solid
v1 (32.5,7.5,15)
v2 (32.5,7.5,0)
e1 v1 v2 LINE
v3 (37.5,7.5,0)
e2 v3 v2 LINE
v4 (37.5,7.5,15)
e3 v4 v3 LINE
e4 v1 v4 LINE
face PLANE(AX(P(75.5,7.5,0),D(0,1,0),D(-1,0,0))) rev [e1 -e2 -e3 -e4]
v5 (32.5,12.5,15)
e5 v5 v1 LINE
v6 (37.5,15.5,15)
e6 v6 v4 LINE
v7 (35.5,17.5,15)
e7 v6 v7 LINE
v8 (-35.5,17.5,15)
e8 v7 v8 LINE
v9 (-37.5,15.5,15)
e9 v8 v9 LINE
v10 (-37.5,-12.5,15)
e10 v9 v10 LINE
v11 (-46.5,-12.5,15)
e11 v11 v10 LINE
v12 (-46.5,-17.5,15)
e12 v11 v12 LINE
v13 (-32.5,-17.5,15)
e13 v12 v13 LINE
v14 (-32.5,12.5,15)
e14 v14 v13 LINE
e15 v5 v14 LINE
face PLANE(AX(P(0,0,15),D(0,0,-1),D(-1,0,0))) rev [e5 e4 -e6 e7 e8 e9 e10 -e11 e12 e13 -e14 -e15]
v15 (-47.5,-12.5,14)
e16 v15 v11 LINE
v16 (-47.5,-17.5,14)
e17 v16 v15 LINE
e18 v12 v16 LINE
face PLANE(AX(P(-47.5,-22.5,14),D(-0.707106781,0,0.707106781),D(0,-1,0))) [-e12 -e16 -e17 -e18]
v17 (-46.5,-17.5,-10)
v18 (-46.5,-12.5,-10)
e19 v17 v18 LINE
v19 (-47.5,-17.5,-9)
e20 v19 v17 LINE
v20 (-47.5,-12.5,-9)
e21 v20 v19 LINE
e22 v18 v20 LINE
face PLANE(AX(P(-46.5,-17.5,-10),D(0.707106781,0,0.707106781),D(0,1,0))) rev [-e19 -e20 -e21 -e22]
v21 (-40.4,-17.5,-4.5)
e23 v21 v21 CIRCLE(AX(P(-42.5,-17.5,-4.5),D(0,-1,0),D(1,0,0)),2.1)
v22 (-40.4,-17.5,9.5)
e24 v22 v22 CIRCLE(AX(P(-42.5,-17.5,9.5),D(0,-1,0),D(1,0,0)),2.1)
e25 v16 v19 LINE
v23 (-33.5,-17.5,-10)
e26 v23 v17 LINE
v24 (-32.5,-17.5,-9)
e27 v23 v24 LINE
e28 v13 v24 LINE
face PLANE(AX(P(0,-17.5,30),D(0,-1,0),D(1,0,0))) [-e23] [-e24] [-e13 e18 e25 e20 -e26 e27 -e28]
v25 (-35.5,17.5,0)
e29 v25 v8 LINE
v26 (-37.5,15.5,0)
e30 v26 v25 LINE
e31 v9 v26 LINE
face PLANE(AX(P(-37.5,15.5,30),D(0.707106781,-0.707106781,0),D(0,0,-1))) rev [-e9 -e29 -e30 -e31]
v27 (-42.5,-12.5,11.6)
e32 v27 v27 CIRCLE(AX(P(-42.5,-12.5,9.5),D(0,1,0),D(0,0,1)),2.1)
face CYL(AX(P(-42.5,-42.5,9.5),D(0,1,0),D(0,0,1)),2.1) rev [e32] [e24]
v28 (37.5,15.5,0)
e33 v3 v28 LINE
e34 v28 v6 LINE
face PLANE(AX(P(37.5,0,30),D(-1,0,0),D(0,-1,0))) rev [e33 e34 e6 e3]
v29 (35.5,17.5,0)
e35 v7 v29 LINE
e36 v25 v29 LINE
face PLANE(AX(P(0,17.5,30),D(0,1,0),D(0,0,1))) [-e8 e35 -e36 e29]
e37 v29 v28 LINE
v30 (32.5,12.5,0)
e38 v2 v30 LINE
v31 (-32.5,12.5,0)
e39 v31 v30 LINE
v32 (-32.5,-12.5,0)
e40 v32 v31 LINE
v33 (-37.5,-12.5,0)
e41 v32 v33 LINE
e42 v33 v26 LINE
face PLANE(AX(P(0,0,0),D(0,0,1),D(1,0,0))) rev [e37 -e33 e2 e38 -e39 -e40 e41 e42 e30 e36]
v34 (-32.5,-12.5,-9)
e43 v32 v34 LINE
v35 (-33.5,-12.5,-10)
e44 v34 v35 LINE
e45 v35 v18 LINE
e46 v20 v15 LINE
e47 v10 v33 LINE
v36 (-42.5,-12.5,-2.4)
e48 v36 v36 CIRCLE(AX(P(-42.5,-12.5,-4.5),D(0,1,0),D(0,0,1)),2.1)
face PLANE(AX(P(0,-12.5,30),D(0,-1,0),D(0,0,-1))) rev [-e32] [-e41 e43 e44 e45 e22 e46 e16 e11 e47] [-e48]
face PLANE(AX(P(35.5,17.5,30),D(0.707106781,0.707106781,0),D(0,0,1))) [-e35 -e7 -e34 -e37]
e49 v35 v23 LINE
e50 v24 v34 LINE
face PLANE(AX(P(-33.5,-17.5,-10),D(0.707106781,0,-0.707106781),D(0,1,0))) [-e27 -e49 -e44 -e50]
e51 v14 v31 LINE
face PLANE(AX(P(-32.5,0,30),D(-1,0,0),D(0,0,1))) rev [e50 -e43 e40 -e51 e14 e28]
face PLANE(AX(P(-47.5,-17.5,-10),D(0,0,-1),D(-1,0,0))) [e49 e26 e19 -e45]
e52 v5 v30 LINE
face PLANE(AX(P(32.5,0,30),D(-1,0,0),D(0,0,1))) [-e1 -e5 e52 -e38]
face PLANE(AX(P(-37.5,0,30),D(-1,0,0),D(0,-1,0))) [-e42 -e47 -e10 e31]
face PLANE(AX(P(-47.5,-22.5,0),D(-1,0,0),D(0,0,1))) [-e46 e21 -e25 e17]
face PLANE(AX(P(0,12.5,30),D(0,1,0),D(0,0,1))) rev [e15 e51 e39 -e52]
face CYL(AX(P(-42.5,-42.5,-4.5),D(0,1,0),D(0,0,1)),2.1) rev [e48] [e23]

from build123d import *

# Parameters (mm, degrees)
BOSS_EXTRUDE1_DEPTH     = 30
SKETCH2_W               = 50
SKETCH2_H               = 20
CUT_EXTRUDE1_DEPTH      = 30
CHAMFER1_SIZE           = 2
SKETCH3_R               = 2.1
CUT_EXTRUDE2_DEPTH      = 30
SKETCH6_W               = 5
SKETCH6_H               = 30
BOSS_EXTRUDE2_DEPTH     = 5
SKETCH7_W               = 126.18944296
SKETCH7_H               = 49.64624499
CUT_EXTRUDE3_DEPTH      = 15
SKETCH8_W               = 20
SKETCH8_H               = 15
BOSS_EXTRUDE3_DEPTH     = 5
SKETCH9_W               = 71
SKETCH9_H               = 15
BOSS_EXTRUDE4_DEPTH     = 5
SKETCH10_W              = 15
SKETCH10_H              = 20
SKETCH10_H_2            = 5
CUT_EXTRUDE4_DEPTH      = 38
CUT_EXTRUDE4_DEPTH_BACK = 27
SKETCH11_R              = 2.1
CUT_EXTRUDE5_DEPTH      = 27
SKETCH12_R              = 2.1
BOSS_EXTRUDE5_DEPTH     = 5
SKETCH13_R              = 2.1
CUT_EXTRUDE6_DEPTH      = 5
SKETCH14_W              = 5
SKETCH14_H              = 15
CUT_EXTRUDE7_DEPTH      = 10
SKETCH15_W              = 5
SKETCH15_H              = 15
CUT_EXTRUDE8_DEPTH      = 10
SKETCH16_W              = 10
SKETCH16_H              = 25
BOSS_EXTRUDE6_DEPTH     = 5
SKETCH17_R              = 2.1
CUT_EXTRUDE9_DEPTH      = 30
SKETCH18_W              = 10
SKETCH18_H              = 5
BOSS_EXTRUDE7_DEPTH     = 5
CHAMFER3_SIZE           = 1
CHAMFER4_SIZE           = 1


with BuildPart() as part:
    # Sketch1 → Boss-Extrude1 (new body)
    with BuildSketch(Plane.XY):
        Polygon((-57.5, -17.5), (-37.5, -17.5), (-32.5, -17.5), (-32.5, 12.5), (32.5, 12.5), (32.5, -17.5), (37.5, -17.5), (57.5, -17.5), (57.5, -12.5), (37.5, -12.5), (37.5, 17.5), (-37.5, 17.5), (-37.5, -12.5), (-57.5, -12.5), align=None)
    extrude(amount=BOSS_EXTRUDE1_DEPTH)

    # Sketch2 → Cut-Extrude1 (cut)
    with BuildSketch(Plane(origin=(0, 17.5, 0), x_dir=(1, 0, 0), z_dir=(0, 1, 0))):
        with Locations((0, -15)):
            Rectangle(SKETCH2_W, SKETCH2_H)
    extrude(amount=-CUT_EXTRUDE1_DEPTH, mode=Mode.SUBTRACT)

    # Chamfer1
    chamfer1_edges = [part.edges().sort_by_distance(p)[0] for p in [
        (-37.5, 17.5, 15),
        (37.5, 17.5, 15),
    ]]
    chamfer(chamfer1_edges, length=CHAMFER1_SIZE)

    # Sketch3 → Cut-Extrude2 (cut)
    with BuildSketch(Plane(origin=(0, -12.5, 0), x_dir=(1, 0, 0), z_dir=(0, 1, 0))):
        with Locations((-47.5, -15)):
            Circle(SKETCH3_R)
        with Locations((47.5, -15)):
            Circle(SKETCH3_R)
    extrude(amount=-CUT_EXTRUDE2_DEPTH, mode=Mode.SUBTRACT)

    # Sketch6 → Boss-Extrude2 (add)
    with BuildSketch(Plane(origin=(0, 17.5, 0), x_dir=(1, 0, 0), z_dir=(0, 1, 0))):
        with Locations((0, -15)):
            Rectangle(SKETCH6_W, SKETCH6_H)
    extrude(amount=-BOSS_EXTRUDE2_DEPTH)

    # Sketch7 → Cut-Extrude3 (cut)
    with BuildSketch(Plane.XY.offset(30)):
        Rectangle(SKETCH7_W, SKETCH7_H)
    extrude(amount=-CUT_EXTRUDE3_DEPTH, mode=Mode.SUBTRACT)

    # Sketch8 → Boss-Extrude3 (add, through all)
    with BuildSketch(Plane(origin=(0, -12.5, 0), x_dir=(1, 0, 0), z_dir=(0, 1, 0))):
        with Locations((-47.5, -7.5)):
            Rectangle(SKETCH8_W, SKETCH8_H)
    extrude(amount=-BOSS_EXTRUDE3_DEPTH)

    # Sketch9 → Boss-Extrude4 (add)
    with BuildSketch(Plane(origin=(0, 17.5, 0), x_dir=(1, 0, 0), z_dir=(0, 1, 0))):
        with Locations((0, -7.5)):
            Rectangle(SKETCH9_W, SKETCH9_H)
    extrude(amount=-BOSS_EXTRUDE4_DEPTH)

    # Sketch10 → Cut-Extrude4 (cut, two sides)
    with BuildSketch(Plane(origin=(37.5, 0, 0), x_dir=(0, 0, -1), z_dir=(1, 0, 0))) as cut_extrude4_sk:
        with Locations((-7.5, -2.5)):
            Rectangle(SKETCH10_W, SKETCH10_H)
        with Locations((-7.5, -15)):
            Rectangle(SKETCH10_W, SKETCH10_H_2)
    extrude(amount=CUT_EXTRUDE4_DEPTH, mode=Mode.SUBTRACT)
    extrude(cut_extrude4_sk.sketch, amount=-CUT_EXTRUDE4_DEPTH_BACK, mode=Mode.SUBTRACT)

    # Sketch11 → Cut-Extrude5 (cut)
    with BuildSketch(Plane(origin=(0, -12.5, 0), x_dir=(1, 0, 0), z_dir=(0, 1, 0))):
        with Locations((-47.5, -7.5)):
            Circle(SKETCH11_R)
    extrude(amount=-CUT_EXTRUDE5_DEPTH, mode=Mode.SUBTRACT)

    # Sketch12 → Boss-Extrude5 (add)
    with BuildSketch(Plane(origin=(0, -17.5, 0), x_dir=(-1, 0, 0), z_dir=(0, -1, 0))):
        with Locations((47.5, -7.5)):
            Circle(SKETCH12_R)
    extrude(amount=-BOSS_EXTRUDE5_DEPTH)

    # Sketch13 → Cut-Extrude6 (cut)
    with BuildSketch(Plane(origin=(0, -17.5, 0), x_dir=(-1, 0, 0), z_dir=(0, -1, 0))):
        with Locations((42.5, -11)):
            Circle(SKETCH13_R)
        with Locations((42.5, -4)):
            Circle(SKETCH13_R)
    extrude(amount=-CUT_EXTRUDE6_DEPTH, mode=Mode.SUBTRACT)

    # Sketch14 → Cut-Extrude7 (cut)
    with BuildSketch(Plane(origin=(0, -17.5, 0), x_dir=(-1, 0, 0), z_dir=(0, -1, 0))):
        with Locations((55, -7.5)):
            Rectangle(SKETCH14_W, SKETCH14_H)
    extrude(amount=-CUT_EXTRUDE7_DEPTH, mode=Mode.SUBTRACT)

    # Sketch15 → Cut-Extrude8 (cut)
    with BuildSketch(Plane(origin=(0, -12.5, 0), x_dir=(1, 0, 0), z_dir=(0, 1, 0))):
        with Locations((-50, -7.5)):
            Rectangle(SKETCH15_W, SKETCH15_H)
    extrude(amount=-CUT_EXTRUDE8_DEPTH, mode=Mode.SUBTRACT)

    # Sketch16 → Boss-Extrude6 (add, through all)
    with BuildSketch(Plane(origin=(0, -12.5, 0), x_dir=(1, 0, 0), z_dir=(0, 1, 0))):
        with Locations((-42.5, -2.5)):
            Rectangle(SKETCH16_W, SKETCH16_H)
    extrude(amount=-BOSS_EXTRUDE6_DEPTH)

    # Sketch17 → Cut-Extrude9 (cut)
    with BuildSketch(Plane(origin=(0, -12.5, 0), x_dir=(1, 0, 0), z_dir=(0, 1, 0))):
        with Locations((-42.5, 4.5)):
            Circle(SKETCH17_R)
        with Locations((-42.5, -9.5)):
            Circle(SKETCH17_R)
    extrude(amount=-CUT_EXTRUDE9_DEPTH, mode=Mode.SUBTRACT)

    # Sketch18 → Boss-Extrude7 (add)
    with BuildSketch(Plane(origin=(-37.5, 0, 0), x_dir=(0, 0, -1), z_dir=(1, 0, 0))):
        with Locations((5, -15)):
            Rectangle(SKETCH18_W, SKETCH18_H)
    extrude(amount=BOSS_EXTRUDE7_DEPTH)

    # Chamfer3
    chamfer3_edges = [part.edges().sort_by_distance(p)[0] for p in [
        (-47.5, -15, 15),
        (-47.5, -15, -10),
    ]]
    chamfer(chamfer3_edges, length=CHAMFER3_SIZE)

    # Chamfer4
    chamfer4_edges = [part.edges().sort_by_distance(p)[0] for p in [
        (-32.5, -15, -10),
    ]]
    chamfer(chamfer4_edges, length=CHAMFER4_SIZE)


solid = part.part
